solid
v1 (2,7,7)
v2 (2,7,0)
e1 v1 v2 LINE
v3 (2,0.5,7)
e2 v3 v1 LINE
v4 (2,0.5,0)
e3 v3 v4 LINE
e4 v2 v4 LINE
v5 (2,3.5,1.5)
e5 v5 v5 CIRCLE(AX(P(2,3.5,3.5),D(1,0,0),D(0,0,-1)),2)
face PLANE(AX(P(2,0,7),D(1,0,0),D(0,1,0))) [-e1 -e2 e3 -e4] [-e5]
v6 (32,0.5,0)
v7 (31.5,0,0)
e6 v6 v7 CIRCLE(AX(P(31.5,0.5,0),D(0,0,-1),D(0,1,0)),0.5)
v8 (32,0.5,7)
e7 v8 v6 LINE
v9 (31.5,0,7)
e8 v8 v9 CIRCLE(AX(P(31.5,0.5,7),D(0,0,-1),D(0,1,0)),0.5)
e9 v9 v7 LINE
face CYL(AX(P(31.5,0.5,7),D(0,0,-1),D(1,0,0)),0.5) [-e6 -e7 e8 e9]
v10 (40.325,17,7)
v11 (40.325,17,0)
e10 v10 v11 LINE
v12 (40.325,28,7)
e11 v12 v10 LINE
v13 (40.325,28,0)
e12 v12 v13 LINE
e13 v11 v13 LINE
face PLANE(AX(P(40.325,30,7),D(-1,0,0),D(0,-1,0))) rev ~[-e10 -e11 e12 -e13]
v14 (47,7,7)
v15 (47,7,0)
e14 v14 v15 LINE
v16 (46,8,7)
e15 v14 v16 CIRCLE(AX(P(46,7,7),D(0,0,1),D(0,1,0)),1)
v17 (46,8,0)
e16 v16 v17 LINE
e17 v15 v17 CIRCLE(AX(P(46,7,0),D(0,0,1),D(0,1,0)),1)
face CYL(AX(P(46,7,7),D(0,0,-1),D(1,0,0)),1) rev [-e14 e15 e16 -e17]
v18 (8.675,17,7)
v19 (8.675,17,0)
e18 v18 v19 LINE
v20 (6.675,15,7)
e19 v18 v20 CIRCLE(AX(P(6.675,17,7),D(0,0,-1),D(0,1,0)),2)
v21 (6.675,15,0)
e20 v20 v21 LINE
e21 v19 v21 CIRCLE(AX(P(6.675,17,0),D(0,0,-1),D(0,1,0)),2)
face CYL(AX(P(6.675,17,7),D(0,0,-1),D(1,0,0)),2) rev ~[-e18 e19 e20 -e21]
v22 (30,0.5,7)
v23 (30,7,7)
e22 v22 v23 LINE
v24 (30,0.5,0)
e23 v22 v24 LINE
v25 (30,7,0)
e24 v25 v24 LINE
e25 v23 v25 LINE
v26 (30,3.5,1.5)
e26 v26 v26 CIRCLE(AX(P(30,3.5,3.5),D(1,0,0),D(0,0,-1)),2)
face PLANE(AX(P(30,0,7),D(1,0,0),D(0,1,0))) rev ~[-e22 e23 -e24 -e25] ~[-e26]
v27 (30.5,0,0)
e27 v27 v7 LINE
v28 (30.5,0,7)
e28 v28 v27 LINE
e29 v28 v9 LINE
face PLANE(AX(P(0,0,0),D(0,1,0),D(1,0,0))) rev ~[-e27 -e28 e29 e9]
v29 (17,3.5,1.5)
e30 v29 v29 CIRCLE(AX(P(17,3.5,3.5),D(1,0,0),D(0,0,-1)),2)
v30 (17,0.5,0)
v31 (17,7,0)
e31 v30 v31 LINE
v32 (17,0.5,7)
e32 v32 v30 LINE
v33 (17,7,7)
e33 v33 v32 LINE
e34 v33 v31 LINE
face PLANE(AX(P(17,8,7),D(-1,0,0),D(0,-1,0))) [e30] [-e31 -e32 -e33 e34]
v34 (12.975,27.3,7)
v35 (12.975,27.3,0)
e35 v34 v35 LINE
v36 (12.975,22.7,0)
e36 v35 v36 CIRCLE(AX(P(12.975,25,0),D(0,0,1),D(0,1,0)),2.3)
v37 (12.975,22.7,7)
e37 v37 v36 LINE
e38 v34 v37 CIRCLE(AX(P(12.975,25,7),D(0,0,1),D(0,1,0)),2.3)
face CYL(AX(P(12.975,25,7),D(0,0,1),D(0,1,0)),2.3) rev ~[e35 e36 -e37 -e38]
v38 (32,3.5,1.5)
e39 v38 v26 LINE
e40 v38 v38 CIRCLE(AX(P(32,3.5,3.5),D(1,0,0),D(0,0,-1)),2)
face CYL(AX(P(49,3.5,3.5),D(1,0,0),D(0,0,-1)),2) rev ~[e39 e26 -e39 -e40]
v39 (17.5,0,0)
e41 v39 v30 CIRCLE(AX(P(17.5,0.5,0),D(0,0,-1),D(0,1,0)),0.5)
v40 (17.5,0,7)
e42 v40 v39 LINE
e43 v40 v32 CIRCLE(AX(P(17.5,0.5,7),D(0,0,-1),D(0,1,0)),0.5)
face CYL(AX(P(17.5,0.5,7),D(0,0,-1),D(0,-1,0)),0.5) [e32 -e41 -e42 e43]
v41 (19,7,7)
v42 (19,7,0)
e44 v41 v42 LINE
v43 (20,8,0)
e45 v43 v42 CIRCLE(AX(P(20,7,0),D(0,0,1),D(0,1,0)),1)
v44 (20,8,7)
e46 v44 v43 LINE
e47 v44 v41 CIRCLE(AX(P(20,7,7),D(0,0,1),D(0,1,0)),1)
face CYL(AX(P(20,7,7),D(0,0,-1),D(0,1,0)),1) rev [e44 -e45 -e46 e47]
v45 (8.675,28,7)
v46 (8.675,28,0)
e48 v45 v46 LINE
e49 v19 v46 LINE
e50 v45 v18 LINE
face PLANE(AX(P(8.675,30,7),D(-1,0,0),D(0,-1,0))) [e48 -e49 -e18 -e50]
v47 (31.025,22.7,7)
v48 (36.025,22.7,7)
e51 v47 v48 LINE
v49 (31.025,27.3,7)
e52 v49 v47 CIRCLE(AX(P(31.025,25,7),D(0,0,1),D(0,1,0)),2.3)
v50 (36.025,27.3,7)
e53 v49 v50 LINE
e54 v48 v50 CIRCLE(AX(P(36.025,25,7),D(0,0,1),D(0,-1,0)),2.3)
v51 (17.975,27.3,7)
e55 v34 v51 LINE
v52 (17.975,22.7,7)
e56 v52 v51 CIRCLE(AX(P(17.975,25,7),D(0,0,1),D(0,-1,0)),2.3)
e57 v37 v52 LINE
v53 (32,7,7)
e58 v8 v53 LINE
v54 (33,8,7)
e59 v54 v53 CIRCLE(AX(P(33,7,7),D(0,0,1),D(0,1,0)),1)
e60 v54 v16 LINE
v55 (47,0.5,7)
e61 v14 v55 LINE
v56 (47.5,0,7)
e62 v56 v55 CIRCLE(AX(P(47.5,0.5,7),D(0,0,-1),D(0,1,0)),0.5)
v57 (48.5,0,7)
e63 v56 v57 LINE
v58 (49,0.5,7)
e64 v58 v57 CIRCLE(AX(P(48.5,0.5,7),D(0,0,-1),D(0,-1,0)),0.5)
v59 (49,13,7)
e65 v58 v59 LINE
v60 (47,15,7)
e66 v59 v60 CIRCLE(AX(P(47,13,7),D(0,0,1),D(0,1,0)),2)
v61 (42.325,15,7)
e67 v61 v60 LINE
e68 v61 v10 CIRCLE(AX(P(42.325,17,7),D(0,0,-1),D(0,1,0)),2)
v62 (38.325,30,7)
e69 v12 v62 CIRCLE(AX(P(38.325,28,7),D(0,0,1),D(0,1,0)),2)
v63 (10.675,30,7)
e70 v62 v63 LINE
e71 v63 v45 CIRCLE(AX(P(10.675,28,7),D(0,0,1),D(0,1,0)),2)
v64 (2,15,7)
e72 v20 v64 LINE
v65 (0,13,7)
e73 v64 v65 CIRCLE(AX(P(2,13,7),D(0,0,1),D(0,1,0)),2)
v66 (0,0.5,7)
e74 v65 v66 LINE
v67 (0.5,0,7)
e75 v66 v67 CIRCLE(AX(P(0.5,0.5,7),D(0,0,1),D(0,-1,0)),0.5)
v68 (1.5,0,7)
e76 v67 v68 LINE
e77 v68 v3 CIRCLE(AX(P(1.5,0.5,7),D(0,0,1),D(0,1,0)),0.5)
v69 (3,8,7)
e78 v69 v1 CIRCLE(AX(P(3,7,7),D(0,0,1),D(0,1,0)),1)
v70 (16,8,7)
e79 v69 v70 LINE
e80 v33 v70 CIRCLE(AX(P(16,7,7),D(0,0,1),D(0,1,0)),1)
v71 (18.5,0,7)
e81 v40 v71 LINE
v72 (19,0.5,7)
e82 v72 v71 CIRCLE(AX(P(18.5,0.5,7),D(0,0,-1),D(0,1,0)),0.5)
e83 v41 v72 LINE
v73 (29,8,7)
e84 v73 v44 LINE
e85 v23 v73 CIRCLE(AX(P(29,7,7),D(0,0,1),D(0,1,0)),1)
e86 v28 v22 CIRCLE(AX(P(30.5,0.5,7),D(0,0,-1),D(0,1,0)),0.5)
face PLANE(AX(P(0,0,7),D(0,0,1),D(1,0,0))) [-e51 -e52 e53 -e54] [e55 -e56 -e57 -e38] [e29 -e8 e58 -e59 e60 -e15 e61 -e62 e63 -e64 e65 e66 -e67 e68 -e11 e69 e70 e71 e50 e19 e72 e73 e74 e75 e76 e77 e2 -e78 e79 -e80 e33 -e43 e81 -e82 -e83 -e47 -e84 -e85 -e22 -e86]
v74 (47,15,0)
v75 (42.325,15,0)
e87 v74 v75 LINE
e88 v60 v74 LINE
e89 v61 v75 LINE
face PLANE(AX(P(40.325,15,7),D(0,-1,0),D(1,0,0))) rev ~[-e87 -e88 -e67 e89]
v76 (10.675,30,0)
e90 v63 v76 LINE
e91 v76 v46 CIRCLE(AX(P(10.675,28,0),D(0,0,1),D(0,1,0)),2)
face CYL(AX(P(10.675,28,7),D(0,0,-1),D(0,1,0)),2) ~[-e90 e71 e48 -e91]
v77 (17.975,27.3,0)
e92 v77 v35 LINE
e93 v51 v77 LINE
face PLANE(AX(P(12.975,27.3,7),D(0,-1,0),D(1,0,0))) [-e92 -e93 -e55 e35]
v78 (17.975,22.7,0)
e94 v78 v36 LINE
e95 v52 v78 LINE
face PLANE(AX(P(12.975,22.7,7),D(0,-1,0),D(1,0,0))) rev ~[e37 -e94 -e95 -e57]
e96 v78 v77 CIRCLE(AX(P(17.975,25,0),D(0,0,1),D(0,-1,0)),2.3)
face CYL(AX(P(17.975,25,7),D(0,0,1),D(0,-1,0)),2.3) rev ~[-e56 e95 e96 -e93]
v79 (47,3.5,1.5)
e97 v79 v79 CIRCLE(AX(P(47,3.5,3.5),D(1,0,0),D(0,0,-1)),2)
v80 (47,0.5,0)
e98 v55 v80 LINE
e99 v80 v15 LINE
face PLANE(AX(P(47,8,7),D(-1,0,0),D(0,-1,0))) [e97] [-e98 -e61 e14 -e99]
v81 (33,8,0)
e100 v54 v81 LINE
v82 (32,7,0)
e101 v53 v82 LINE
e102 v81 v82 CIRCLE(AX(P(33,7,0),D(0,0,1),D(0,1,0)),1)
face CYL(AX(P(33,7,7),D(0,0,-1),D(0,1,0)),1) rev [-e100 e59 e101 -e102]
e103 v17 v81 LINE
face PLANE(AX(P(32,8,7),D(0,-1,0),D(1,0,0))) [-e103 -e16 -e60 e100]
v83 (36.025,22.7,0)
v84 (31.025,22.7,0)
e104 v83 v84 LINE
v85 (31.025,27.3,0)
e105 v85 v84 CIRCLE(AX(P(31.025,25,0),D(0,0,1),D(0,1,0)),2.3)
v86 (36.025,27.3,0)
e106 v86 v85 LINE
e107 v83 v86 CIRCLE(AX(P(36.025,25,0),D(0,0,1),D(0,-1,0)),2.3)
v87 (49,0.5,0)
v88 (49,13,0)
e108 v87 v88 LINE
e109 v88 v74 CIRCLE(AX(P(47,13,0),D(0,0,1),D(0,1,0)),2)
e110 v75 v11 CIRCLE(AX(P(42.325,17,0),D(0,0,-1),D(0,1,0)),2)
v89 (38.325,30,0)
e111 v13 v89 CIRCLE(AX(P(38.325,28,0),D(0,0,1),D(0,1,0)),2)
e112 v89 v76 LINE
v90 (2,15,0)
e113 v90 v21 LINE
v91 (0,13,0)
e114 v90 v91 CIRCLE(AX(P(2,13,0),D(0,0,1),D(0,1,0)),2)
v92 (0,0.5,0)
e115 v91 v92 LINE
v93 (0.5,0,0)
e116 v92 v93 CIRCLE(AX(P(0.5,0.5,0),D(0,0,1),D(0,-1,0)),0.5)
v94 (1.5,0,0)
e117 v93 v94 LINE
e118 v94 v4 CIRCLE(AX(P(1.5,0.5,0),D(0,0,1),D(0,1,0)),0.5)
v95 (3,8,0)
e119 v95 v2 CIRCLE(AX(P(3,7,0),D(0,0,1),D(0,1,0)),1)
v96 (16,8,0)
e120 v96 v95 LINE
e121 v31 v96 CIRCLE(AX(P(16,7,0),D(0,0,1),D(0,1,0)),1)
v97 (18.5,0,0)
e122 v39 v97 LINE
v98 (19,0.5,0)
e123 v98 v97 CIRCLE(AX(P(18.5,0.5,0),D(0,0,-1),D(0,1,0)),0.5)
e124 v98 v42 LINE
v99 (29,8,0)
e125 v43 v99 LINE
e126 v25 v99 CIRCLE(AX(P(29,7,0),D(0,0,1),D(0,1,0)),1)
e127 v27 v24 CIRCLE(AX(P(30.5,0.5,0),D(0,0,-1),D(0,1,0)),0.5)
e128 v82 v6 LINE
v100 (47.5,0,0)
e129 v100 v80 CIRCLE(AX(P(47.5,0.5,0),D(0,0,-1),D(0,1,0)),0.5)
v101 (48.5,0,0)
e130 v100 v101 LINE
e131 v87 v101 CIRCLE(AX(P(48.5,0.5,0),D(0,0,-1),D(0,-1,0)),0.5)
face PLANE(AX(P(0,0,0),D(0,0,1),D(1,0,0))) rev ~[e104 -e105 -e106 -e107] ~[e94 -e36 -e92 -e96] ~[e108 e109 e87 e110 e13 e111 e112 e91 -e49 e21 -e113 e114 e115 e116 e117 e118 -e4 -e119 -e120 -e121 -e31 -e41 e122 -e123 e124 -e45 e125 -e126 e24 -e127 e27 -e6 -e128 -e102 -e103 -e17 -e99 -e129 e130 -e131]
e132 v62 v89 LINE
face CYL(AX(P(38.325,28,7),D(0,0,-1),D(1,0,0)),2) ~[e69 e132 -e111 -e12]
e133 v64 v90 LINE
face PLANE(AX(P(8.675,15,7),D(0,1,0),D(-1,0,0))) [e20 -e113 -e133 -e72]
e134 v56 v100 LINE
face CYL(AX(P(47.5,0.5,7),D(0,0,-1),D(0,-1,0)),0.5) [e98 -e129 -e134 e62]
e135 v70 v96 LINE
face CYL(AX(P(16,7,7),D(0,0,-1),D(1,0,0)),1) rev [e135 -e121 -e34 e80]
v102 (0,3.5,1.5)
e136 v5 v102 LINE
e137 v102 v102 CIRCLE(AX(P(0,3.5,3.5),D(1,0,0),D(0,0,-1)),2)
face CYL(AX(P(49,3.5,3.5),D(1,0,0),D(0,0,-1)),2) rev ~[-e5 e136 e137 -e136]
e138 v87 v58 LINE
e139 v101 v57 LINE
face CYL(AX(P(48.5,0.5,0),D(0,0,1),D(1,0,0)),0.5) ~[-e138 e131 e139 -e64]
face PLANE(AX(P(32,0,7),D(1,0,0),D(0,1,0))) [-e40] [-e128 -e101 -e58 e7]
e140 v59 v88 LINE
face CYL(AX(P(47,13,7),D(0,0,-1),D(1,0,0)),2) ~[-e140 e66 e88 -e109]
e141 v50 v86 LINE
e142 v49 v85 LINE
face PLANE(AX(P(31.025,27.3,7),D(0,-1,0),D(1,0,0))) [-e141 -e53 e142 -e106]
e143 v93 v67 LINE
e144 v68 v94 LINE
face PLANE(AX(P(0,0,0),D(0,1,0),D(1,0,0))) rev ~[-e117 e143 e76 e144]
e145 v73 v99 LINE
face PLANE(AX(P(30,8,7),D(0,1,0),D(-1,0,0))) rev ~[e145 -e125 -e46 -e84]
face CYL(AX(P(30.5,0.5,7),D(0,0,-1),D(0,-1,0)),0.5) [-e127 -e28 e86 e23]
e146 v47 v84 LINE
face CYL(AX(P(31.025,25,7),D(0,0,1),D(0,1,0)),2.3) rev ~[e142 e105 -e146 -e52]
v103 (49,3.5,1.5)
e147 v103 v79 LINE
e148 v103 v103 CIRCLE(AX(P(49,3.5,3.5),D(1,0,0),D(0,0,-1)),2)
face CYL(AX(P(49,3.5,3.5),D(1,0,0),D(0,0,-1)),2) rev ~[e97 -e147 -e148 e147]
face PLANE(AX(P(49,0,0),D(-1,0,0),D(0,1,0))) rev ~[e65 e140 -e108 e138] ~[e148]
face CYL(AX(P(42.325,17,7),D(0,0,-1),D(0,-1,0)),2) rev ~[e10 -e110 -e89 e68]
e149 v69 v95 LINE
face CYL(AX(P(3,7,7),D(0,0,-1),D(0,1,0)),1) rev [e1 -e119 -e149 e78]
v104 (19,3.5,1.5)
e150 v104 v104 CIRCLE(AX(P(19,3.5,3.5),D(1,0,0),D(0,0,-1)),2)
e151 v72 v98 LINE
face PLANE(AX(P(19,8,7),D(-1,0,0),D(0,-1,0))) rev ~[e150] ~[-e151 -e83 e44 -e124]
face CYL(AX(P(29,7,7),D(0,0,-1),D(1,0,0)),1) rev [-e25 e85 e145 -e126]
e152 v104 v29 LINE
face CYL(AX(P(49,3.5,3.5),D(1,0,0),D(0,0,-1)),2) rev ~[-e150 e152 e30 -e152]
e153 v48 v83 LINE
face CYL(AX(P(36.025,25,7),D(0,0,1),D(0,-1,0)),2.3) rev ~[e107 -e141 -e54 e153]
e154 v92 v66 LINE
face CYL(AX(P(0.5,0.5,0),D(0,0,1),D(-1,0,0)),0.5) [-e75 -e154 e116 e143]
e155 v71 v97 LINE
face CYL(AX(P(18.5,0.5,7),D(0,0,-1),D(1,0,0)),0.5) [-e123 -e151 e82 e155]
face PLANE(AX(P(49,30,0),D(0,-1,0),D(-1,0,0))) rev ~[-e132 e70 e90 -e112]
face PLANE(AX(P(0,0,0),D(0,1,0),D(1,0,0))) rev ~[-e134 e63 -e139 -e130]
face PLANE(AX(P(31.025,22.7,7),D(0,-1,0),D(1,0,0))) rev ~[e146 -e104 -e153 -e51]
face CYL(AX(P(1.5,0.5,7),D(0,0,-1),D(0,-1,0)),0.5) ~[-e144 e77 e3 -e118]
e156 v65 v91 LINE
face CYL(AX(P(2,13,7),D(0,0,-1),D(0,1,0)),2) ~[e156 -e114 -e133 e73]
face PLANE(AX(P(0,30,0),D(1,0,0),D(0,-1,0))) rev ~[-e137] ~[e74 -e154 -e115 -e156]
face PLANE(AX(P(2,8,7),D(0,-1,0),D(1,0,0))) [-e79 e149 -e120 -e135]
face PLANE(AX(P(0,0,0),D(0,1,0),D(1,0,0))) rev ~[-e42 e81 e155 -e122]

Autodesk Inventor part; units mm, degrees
ref_plane "YZ Plane" through (0, 0, 0) normal (1, 0, 0) x (0, 1, 0)
ref_plane "XZ Plane" through (0, 0, 0) normal (0, 1, 0) x (-1, 0, 0)
ref_plane "XY Plane" through (0, 0, 0) normal (0, 0, 1) x (1, 0, 0)
sketch "Sketch1" plane through (0, 0, 0) normal (0, 0, 1) x (1, 0, 0)
  line L0 (0, 0) -> (49, 0)
  line L1 (49, 0) -> (49, 30)
  line L2 (49, 30) -> (0, 30)
  line L3 (0, 30) -> (0, 0)
  dimension "d0" = 30
  dimension "d1" = 49
extrude "Extrusion1" add sketch "Sketch1" along normal blind 7
sketch "Sketch2" plane through (0, 0, 7) normal (0, 0, 1) x (1, 0, 0)
  arc A0 (12.975, 27.3) -> (12.975, 22.7) centre (12.975, 25) ccw
  arc A1 (17.975, 22.7) -> (17.975, 27.3) centre (17.975, 25) ccw
  arc A2 (31.025, 27.3) -> (31.025, 22.7) centre (31.025, 25) ccw
  arc A3 (36.025, 22.7) -> (36.025, 27.3) centre (36.025, 25) ccw
  line L0 (12.975, 27.3) -> (17.975, 27.3)
  line L1 (12.975, 22.7) -> (17.975, 22.7)
  line L2 (31.025, 27.3) -> (36.025, 27.3)
  line L3 (31.025, 22.7) -> (36.025, 22.7)
  line L4 (49, 30) -> (0, 30) projected
  line L5 (0, 30) -> (0, 0) projected
  dimension "d4" = 4.6
  dimension "d5" = 4.6
  dimension "d6" = 4.6
  dimension "d8" = 5
  dimension "d9" = 5
  dimension "d10" = 13.05
  dimension "d11" = 5
  dimension "d12" = 12.975
  dimension "d13" = 49
  dimension "d17" = 2.3
extrude "Extrusion2" cut sketch "Sketch2" against normal up to next
sketch "Sketch3" plane through (0, 0, 7) normal (0, 0, 1) x (1, 0, 0)
  arc A0 (12.975, 27.3) -> (12.975, 22.7) centre (12.975, 25) ccw projected
  line L0 (12.975, 27.3) -> (17.975, 27.3) projected
  arc A1 (17.975, 22.7) -> (17.975, 27.3) centre (17.975, 25) ccw projected
  line L1 (17.975, 22.7) -> (12.975, 22.7) projected
  arc A2 (31.025, 27.3) -> (31.025, 22.7) centre (31.025, 25) ccw projected
  line L2 (31.025, 27.3) -> (36.025, 27.3) projected
  arc A3 (36.025, 22.7) -> (36.025, 27.3) centre (36.025, 25) ccw projected
  line L3 (36.025, 22.7) -> (31.025, 22.7) projected
  line L4 (0, 0) -> (49, 0) projected
  line L5 (49, 0) -> (49, 30) projected
  line L6 (49, 30) -> (0, 30) projected
  line L7 (0, 30) -> (0, 0) projected
  line L8 (2, 8) -> (17, 8)
  line L9 (17, 8) -> (17, 0)
  line L10 (17, 0) -> (2, 0)
  line L11 (2, 0) -> (2, 8)
  line L12 (32, 8) -> (47, 8)
  line L13 (47, 8) -> (47, 0)
  line L14 (47, 0) -> (32, 0)
  line L15 (32, 0) -> (32, 8)
  line L16 (0, 0) -> (49, 0) projected
  line L17 (19, 0) -> (30, 0)
  line L18 (30, 0) -> (30, 8)
  line L19 (30, 8) -> (19, 8)
  line L20 (19, 8) -> (19, 0)
  dimension "d18" = 8
  dimension "d19" = 15
  dimension "d20" = 15
  dimension "d21" = 15
  dimension "d22" = 2
  dimension "d23" = 49
  dimension "d35" = 2
  dimension "d36" = 2
sketch "Sketch4" plane through (0, 0, 7) normal (0, 0, 1) x (1, 0, 0)
  arc A0 (12.975, 27.3) -> (12.975, 22.7) centre (12.975, 25) ccw projected
  line L0 (12.975, 27.3) -> (17.975, 27.3) projected
  arc A1 (17.975, 22.7) -> (17.975, 27.3) centre (17.975, 25) ccw projected
  line L1 (17.975, 22.7) -> (12.975, 22.7) projected
  arc A2 (31.025, 27.3) -> (31.025, 22.7) centre (31.025, 25) ccw projected
  line L2 (31.025, 27.3) -> (36.025, 27.3) projected
  arc A3 (36.025, 22.7) -> (36.025, 27.3) centre (36.025, 25) ccw projected
  line L3 (36.025, 22.7) -> (31.025, 22.7) projected
  line L4 (0, 0) -> (49, 0) projected
  line L5 (49, 0) -> (49, 30) projected
  line L6 (49, 30) -> (0, 30) projected
  line L7 (0, 30) -> (0, 0) projected
  line L8 (0, 30) -> (8.675, 30)
  line L9 (8.675, 30) -> (8.675, 15)
  line L10 (8.675, 15) -> (0, 15)
  line L11 (0, 15) -> (0, 30)
  line L12 (49, 30) -> (40.325, 30)
  line L13 (40.325, 30) -> (40.325, 15)
  line L14 (40.325, 15) -> (49, 15)
  line L15 (49, 15) -> (49, 30)
  dimension "d26" = 8.675
  dimension "d27" = 8.675
  dimension "d28" = 30
  dimension "d29" = 15
  dimension "d31" = 2.3
  dimension "d32" = 12.975
extrude "Extrusion3" cut sketch "Sketch3" against normal up to next contours L11 L8 L9 L4 | L20 L19 L18 L4 | L4 L15 L12 L13
extrude "Extrusion4" cut sketch "Sketch4" against normal up to next contours L7 L6 L9 L10 | L14 L13 L6 L5
sketch "Sketch5" plane through (49, 0, 7) normal (1, 0, 0) x (0, 0, -1)
  circle A0 centre (3.5, 3.5) radius 2
  line L0 (0, 0) -> (0, 15) projected
  line L1 (7, 0) -> (0, 0) projected
  dimension "d37" = 4
  dimension "d38" = 3.5
  dimension "d39" = 3.5
  dimension "d40" = 7
extrude "Extrusion5" cut sketch "Sketch5" against normal through all
fillet "Fillet1" radius 1 6 edges at (2, 8, 3.5) (17, 8, 3.5) (19, 8, 3.5) (30, 8, 3.5) (32, 8, 3.5) (47, 8, 3.5)
fillet "Fillet2" radius 2 6 edges at (40.325, 15, 3.5) (8.675, 15, 3.5) (8.675, 30, 3.5) (40.325, 30, 3.5) (49, 15, 3.5) (0, 15, 3.5)
fillet "Fillet3" radius 0.5 8 edges at (0, 0, 3.5) (2, 0, 3.5) (17, 0, 3.5) (19, 0, 3.5) (30, 0, 3.5) (32, 0, 3.5) (47, 0, 3.5) (49, 0, 3.5)
equation "\"d5\" = d4"
equation "\"d6\" = d4"
equation "\"d12\" = -0.5 * d8 - 0.5 * d9 + 0.5 * d13 - 0.5 * d10"
equation "\"d17\" = 0.5 * d6"
equation "\"d22\" = -0.5 * d20 - 0.5 * d19 + 0.5 * d23 - 0.5 * d21"
equation "\"d35\" = d22"
equation "\"d36\" = d35"
equation "\"d26\" = d27"
equation "\"d38\" = 0.5 * d40"
equation "\"d39\" = d38"
properties part number "tubing_connection_holder"
